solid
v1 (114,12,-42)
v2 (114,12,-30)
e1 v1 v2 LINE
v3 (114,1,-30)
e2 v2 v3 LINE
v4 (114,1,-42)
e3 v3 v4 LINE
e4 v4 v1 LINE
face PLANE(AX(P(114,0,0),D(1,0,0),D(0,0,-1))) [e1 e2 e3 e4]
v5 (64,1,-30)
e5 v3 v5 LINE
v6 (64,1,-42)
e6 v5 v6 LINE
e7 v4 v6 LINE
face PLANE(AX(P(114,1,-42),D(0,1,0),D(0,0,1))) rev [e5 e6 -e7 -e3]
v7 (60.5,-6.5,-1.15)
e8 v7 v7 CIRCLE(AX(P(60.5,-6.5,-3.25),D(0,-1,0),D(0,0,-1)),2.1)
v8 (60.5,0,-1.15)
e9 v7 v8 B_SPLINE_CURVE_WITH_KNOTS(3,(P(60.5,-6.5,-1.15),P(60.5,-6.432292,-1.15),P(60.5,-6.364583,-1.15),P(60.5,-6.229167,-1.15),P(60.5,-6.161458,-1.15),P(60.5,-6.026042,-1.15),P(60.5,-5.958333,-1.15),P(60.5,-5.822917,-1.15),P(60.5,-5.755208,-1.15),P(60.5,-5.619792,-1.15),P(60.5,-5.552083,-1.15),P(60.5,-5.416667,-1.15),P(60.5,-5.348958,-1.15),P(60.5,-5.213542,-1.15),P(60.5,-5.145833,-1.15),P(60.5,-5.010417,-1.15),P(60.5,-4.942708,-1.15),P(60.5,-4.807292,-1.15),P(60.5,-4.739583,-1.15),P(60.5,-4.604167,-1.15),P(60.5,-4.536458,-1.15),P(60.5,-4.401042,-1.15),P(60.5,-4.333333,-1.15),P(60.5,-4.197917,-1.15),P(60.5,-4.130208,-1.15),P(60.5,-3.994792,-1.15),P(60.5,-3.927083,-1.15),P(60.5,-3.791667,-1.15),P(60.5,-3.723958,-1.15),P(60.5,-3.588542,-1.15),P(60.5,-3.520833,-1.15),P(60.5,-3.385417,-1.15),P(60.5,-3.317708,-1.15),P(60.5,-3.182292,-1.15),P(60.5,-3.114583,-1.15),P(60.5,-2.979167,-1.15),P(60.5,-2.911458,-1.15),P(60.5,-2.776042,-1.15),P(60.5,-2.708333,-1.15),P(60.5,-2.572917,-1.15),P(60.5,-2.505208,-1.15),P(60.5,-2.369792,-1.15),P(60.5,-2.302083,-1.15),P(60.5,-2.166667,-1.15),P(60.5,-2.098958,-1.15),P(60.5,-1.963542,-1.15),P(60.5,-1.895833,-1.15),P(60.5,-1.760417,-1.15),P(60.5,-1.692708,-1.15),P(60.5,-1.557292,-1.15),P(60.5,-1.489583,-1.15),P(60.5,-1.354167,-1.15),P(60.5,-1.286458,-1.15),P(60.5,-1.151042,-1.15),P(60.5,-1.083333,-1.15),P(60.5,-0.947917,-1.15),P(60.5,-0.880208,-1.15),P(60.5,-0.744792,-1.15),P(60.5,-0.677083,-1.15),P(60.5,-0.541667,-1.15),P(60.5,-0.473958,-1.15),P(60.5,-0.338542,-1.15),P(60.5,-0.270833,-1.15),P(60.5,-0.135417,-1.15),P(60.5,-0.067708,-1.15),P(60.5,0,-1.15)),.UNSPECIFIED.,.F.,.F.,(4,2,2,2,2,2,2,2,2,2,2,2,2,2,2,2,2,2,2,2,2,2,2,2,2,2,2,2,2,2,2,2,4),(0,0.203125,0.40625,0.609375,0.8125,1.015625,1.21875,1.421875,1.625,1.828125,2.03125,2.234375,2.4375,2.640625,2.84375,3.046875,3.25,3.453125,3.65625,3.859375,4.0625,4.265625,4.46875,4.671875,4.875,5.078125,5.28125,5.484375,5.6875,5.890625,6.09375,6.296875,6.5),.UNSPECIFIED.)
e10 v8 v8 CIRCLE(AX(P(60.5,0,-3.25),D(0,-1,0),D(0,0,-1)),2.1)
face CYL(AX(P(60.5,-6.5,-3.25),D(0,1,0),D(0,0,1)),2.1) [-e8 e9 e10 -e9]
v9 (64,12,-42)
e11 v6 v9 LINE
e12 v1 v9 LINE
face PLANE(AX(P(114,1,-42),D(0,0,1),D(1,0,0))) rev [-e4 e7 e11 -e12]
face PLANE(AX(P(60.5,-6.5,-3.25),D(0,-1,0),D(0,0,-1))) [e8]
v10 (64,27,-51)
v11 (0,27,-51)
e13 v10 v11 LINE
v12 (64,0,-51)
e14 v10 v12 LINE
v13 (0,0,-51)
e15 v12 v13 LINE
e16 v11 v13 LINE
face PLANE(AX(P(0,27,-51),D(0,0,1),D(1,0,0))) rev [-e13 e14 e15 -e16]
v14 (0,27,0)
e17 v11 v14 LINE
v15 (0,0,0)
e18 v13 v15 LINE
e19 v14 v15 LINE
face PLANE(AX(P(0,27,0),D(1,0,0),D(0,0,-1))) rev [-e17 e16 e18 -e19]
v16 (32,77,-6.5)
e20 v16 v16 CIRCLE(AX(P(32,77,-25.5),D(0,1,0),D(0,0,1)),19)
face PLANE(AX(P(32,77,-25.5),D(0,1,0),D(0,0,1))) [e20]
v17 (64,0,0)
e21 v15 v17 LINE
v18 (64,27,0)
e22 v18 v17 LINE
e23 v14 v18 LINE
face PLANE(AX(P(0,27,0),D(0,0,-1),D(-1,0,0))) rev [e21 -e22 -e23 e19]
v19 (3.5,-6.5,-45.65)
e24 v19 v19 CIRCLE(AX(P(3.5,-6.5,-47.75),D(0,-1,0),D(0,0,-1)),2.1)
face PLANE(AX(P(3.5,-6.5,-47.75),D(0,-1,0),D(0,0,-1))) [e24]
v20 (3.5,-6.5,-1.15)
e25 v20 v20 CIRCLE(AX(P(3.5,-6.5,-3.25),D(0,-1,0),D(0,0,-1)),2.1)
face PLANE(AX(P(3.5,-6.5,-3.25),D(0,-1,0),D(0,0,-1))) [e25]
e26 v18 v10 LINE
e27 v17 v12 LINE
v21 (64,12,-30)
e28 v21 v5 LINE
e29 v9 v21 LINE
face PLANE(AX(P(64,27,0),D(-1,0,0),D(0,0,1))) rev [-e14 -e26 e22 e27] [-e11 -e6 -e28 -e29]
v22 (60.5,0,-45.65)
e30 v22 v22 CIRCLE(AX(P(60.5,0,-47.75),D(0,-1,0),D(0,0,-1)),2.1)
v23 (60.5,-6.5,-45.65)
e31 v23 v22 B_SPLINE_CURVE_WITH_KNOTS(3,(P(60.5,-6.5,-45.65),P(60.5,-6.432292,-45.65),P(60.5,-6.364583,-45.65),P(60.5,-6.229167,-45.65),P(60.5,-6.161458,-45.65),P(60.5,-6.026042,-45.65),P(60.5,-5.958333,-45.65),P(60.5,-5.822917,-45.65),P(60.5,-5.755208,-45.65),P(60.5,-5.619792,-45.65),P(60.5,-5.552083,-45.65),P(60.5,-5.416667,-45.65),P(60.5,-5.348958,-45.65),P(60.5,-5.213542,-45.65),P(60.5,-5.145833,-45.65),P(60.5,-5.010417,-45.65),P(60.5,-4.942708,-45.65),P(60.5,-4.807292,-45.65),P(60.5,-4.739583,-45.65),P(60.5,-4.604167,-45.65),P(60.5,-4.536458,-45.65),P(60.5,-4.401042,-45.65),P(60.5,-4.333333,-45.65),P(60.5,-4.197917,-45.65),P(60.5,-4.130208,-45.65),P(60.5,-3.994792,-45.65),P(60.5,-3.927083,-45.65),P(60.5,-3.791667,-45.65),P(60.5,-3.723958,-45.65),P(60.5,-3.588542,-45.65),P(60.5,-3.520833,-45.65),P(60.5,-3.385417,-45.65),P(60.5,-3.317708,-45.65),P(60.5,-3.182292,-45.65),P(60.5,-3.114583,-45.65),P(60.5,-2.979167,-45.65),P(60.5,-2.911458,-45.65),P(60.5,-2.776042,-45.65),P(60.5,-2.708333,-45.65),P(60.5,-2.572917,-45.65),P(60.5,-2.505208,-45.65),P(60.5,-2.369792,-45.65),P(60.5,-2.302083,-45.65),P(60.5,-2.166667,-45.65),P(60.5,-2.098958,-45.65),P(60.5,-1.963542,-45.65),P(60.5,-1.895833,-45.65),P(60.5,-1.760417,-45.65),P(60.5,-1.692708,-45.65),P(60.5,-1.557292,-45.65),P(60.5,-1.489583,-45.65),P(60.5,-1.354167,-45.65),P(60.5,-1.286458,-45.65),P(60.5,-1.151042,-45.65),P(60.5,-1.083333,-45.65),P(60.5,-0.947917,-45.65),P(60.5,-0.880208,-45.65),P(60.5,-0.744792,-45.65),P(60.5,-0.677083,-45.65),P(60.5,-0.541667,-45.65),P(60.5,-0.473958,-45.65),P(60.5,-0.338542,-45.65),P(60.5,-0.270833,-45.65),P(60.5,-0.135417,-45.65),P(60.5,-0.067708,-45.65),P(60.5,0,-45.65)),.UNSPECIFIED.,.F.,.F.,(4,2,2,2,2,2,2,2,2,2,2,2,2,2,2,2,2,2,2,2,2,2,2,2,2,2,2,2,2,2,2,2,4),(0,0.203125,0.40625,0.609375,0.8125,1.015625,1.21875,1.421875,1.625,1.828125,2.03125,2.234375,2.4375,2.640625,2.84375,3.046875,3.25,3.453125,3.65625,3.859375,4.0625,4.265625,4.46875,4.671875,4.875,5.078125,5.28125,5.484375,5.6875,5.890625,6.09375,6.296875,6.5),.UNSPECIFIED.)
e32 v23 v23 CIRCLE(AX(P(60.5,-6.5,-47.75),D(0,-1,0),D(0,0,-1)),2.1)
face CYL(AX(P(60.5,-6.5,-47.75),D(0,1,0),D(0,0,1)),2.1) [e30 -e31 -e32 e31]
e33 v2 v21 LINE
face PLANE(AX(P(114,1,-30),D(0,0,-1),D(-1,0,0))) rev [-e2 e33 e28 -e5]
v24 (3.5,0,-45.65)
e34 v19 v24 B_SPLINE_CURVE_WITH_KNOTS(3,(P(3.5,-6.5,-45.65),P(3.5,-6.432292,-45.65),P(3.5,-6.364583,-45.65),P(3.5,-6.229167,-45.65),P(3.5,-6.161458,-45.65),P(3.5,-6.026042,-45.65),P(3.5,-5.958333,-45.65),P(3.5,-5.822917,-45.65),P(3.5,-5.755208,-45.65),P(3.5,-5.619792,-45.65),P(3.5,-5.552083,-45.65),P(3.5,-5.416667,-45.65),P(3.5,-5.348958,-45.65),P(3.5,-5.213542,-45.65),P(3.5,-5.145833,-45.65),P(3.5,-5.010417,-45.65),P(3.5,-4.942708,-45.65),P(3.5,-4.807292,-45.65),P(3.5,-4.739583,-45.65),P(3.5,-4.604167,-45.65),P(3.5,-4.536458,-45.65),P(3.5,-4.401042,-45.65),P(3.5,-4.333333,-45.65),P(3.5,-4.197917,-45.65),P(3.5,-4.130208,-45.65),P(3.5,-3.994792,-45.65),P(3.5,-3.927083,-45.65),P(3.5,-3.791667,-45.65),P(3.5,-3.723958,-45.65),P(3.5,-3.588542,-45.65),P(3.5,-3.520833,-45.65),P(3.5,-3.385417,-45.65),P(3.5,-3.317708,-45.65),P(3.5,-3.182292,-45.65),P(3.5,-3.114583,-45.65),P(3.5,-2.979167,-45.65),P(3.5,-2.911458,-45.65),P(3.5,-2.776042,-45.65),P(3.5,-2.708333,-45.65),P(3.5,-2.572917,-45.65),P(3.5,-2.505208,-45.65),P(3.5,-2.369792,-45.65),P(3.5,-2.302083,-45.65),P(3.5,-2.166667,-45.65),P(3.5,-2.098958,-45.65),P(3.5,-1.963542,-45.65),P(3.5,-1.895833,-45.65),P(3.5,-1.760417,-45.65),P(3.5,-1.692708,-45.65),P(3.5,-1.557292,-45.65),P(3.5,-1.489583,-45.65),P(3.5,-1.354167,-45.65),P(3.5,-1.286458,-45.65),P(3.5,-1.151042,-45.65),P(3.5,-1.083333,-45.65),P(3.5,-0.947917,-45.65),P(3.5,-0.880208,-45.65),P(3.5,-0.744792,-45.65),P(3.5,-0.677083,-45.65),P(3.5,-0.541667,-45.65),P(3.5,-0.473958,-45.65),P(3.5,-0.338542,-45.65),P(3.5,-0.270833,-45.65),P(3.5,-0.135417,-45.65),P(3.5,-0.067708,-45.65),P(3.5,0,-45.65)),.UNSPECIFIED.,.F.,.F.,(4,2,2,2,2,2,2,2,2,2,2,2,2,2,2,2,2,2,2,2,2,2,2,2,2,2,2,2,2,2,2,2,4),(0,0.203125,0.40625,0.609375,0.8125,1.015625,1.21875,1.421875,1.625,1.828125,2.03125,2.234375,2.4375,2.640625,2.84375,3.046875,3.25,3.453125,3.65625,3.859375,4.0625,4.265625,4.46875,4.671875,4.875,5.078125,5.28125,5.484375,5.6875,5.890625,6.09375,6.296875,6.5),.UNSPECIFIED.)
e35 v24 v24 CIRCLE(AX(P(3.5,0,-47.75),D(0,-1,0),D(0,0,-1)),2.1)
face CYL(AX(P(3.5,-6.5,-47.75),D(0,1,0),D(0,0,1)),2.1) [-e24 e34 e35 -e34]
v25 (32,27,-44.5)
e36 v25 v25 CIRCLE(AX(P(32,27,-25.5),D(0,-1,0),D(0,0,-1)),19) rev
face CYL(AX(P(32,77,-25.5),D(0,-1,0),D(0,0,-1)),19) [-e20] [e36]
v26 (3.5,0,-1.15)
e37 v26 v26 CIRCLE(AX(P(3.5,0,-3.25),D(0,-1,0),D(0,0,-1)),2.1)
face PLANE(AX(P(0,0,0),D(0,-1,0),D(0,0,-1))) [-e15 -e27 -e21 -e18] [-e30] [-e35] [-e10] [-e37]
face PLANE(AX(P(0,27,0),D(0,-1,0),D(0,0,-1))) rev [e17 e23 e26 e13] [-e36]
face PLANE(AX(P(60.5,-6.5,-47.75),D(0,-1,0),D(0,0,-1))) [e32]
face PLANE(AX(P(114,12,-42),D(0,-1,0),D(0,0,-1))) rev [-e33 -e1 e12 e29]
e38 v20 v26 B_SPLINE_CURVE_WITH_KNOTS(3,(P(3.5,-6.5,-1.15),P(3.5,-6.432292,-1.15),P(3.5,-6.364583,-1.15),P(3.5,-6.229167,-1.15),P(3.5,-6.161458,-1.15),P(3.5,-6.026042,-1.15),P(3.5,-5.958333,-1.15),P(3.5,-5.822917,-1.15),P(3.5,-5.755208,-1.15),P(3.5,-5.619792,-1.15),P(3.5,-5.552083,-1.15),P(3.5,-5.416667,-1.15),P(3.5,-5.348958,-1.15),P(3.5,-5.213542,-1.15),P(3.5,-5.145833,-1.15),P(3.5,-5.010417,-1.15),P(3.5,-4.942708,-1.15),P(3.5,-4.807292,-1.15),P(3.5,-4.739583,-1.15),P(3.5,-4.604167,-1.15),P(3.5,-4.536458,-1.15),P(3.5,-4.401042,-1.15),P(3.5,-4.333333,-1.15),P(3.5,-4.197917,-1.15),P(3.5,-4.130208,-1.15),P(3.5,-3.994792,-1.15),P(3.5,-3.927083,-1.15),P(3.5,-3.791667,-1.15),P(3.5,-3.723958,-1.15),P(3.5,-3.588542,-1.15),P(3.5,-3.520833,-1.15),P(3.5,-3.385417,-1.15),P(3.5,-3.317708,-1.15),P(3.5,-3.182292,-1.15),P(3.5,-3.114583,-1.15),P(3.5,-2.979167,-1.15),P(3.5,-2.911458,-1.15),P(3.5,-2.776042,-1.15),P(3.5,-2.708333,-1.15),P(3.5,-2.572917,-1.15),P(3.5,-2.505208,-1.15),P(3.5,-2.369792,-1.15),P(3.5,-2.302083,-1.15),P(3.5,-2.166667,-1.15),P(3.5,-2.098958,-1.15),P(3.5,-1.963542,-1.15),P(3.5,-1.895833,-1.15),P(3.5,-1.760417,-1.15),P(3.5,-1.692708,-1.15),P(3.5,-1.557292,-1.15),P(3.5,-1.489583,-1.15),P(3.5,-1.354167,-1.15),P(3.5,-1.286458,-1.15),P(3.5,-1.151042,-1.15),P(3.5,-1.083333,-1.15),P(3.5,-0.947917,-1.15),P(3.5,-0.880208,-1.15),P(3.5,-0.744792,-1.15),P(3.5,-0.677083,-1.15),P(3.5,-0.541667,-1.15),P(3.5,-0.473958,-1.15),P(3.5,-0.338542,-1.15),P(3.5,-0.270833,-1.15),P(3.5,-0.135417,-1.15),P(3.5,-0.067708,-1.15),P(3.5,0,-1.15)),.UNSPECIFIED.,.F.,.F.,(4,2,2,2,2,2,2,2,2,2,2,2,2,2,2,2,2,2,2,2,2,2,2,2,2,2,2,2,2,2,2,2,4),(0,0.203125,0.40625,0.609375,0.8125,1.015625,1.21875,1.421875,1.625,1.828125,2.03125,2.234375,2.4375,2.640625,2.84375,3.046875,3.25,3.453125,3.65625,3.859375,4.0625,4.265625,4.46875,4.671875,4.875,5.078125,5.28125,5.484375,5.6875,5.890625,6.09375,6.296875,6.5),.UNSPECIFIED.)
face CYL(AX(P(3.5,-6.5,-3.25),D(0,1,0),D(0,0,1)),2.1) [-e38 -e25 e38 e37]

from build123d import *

# Parameters (mm, degrees)
SKETCH1_W           = 64
SKETCH1_H           = 51
BOSS_EXTRUDE1_DEPTH = 27
SKETCH2_R           = 19
BOSS_EXTRUDE2_DEPTH = 50
SKETCH3_R           = 2.1
BOSS_EXTRUDE3_DEPTH = 6.5
SKETCH4_W           = 12
SKETCH4_H           = 11
BOSS_EXTRUDE4_DEPTH = 50


with BuildPart() as part:
    # Sketch1 → Boss-Extrude1 (new body)
    with BuildSketch(Plane(origin=(0, 0, 0), x_dir=(1, 0, 0), z_dir=(0, 1, 0))):
        with Locations((32, 25.5)):
            Rectangle(SKETCH1_W, SKETCH1_H)
    extrude(amount=BOSS_EXTRUDE1_DEPTH)

    # Sketch2 → Boss-Extrude2 (add)
    with BuildSketch(Plane(origin=(0, 27, 0), x_dir=(1, 0, 0), z_dir=(0, 1, 0))):
        with Locations(Location((32, 25.5, 0), (0, 0, 90))):
            Circle(SKETCH2_R)
    extrude(amount=BOSS_EXTRUDE2_DEPTH)

    # Sketch3 → Boss-Extrude3 (add)
    with BuildSketch(Plane.XZ):
        with Locations(Location((3.5, -3.25, 0), (0, 0, 90))):
            Circle(SKETCH3_R)
        with Locations(Location((60.5, -3.25, 0), (0, 0, 90))):
            Circle(SKETCH3_R)
        with Locations(Location((3.5, -47.75, 0), (0, 0, 90))):
            Circle(SKETCH3_R)
        with Locations(Location((60.5, -47.75, 0), (0, 0, 90))):
            Circle(SKETCH3_R)
    extrude(amount=BOSS_EXTRUDE3_DEPTH)

    # Sketch4 → Boss-Extrude4 (add)
    with BuildSketch(Plane(origin=(64, 0, 0), x_dir=(0, 0, -1), z_dir=(1, 0, 0))):
        with Locations((36, 6.5)):
            Rectangle(SKETCH4_W, SKETCH4_H)
    extrude(amount=BOSS_EXTRUDE4_DEPTH)


solid = part.part
